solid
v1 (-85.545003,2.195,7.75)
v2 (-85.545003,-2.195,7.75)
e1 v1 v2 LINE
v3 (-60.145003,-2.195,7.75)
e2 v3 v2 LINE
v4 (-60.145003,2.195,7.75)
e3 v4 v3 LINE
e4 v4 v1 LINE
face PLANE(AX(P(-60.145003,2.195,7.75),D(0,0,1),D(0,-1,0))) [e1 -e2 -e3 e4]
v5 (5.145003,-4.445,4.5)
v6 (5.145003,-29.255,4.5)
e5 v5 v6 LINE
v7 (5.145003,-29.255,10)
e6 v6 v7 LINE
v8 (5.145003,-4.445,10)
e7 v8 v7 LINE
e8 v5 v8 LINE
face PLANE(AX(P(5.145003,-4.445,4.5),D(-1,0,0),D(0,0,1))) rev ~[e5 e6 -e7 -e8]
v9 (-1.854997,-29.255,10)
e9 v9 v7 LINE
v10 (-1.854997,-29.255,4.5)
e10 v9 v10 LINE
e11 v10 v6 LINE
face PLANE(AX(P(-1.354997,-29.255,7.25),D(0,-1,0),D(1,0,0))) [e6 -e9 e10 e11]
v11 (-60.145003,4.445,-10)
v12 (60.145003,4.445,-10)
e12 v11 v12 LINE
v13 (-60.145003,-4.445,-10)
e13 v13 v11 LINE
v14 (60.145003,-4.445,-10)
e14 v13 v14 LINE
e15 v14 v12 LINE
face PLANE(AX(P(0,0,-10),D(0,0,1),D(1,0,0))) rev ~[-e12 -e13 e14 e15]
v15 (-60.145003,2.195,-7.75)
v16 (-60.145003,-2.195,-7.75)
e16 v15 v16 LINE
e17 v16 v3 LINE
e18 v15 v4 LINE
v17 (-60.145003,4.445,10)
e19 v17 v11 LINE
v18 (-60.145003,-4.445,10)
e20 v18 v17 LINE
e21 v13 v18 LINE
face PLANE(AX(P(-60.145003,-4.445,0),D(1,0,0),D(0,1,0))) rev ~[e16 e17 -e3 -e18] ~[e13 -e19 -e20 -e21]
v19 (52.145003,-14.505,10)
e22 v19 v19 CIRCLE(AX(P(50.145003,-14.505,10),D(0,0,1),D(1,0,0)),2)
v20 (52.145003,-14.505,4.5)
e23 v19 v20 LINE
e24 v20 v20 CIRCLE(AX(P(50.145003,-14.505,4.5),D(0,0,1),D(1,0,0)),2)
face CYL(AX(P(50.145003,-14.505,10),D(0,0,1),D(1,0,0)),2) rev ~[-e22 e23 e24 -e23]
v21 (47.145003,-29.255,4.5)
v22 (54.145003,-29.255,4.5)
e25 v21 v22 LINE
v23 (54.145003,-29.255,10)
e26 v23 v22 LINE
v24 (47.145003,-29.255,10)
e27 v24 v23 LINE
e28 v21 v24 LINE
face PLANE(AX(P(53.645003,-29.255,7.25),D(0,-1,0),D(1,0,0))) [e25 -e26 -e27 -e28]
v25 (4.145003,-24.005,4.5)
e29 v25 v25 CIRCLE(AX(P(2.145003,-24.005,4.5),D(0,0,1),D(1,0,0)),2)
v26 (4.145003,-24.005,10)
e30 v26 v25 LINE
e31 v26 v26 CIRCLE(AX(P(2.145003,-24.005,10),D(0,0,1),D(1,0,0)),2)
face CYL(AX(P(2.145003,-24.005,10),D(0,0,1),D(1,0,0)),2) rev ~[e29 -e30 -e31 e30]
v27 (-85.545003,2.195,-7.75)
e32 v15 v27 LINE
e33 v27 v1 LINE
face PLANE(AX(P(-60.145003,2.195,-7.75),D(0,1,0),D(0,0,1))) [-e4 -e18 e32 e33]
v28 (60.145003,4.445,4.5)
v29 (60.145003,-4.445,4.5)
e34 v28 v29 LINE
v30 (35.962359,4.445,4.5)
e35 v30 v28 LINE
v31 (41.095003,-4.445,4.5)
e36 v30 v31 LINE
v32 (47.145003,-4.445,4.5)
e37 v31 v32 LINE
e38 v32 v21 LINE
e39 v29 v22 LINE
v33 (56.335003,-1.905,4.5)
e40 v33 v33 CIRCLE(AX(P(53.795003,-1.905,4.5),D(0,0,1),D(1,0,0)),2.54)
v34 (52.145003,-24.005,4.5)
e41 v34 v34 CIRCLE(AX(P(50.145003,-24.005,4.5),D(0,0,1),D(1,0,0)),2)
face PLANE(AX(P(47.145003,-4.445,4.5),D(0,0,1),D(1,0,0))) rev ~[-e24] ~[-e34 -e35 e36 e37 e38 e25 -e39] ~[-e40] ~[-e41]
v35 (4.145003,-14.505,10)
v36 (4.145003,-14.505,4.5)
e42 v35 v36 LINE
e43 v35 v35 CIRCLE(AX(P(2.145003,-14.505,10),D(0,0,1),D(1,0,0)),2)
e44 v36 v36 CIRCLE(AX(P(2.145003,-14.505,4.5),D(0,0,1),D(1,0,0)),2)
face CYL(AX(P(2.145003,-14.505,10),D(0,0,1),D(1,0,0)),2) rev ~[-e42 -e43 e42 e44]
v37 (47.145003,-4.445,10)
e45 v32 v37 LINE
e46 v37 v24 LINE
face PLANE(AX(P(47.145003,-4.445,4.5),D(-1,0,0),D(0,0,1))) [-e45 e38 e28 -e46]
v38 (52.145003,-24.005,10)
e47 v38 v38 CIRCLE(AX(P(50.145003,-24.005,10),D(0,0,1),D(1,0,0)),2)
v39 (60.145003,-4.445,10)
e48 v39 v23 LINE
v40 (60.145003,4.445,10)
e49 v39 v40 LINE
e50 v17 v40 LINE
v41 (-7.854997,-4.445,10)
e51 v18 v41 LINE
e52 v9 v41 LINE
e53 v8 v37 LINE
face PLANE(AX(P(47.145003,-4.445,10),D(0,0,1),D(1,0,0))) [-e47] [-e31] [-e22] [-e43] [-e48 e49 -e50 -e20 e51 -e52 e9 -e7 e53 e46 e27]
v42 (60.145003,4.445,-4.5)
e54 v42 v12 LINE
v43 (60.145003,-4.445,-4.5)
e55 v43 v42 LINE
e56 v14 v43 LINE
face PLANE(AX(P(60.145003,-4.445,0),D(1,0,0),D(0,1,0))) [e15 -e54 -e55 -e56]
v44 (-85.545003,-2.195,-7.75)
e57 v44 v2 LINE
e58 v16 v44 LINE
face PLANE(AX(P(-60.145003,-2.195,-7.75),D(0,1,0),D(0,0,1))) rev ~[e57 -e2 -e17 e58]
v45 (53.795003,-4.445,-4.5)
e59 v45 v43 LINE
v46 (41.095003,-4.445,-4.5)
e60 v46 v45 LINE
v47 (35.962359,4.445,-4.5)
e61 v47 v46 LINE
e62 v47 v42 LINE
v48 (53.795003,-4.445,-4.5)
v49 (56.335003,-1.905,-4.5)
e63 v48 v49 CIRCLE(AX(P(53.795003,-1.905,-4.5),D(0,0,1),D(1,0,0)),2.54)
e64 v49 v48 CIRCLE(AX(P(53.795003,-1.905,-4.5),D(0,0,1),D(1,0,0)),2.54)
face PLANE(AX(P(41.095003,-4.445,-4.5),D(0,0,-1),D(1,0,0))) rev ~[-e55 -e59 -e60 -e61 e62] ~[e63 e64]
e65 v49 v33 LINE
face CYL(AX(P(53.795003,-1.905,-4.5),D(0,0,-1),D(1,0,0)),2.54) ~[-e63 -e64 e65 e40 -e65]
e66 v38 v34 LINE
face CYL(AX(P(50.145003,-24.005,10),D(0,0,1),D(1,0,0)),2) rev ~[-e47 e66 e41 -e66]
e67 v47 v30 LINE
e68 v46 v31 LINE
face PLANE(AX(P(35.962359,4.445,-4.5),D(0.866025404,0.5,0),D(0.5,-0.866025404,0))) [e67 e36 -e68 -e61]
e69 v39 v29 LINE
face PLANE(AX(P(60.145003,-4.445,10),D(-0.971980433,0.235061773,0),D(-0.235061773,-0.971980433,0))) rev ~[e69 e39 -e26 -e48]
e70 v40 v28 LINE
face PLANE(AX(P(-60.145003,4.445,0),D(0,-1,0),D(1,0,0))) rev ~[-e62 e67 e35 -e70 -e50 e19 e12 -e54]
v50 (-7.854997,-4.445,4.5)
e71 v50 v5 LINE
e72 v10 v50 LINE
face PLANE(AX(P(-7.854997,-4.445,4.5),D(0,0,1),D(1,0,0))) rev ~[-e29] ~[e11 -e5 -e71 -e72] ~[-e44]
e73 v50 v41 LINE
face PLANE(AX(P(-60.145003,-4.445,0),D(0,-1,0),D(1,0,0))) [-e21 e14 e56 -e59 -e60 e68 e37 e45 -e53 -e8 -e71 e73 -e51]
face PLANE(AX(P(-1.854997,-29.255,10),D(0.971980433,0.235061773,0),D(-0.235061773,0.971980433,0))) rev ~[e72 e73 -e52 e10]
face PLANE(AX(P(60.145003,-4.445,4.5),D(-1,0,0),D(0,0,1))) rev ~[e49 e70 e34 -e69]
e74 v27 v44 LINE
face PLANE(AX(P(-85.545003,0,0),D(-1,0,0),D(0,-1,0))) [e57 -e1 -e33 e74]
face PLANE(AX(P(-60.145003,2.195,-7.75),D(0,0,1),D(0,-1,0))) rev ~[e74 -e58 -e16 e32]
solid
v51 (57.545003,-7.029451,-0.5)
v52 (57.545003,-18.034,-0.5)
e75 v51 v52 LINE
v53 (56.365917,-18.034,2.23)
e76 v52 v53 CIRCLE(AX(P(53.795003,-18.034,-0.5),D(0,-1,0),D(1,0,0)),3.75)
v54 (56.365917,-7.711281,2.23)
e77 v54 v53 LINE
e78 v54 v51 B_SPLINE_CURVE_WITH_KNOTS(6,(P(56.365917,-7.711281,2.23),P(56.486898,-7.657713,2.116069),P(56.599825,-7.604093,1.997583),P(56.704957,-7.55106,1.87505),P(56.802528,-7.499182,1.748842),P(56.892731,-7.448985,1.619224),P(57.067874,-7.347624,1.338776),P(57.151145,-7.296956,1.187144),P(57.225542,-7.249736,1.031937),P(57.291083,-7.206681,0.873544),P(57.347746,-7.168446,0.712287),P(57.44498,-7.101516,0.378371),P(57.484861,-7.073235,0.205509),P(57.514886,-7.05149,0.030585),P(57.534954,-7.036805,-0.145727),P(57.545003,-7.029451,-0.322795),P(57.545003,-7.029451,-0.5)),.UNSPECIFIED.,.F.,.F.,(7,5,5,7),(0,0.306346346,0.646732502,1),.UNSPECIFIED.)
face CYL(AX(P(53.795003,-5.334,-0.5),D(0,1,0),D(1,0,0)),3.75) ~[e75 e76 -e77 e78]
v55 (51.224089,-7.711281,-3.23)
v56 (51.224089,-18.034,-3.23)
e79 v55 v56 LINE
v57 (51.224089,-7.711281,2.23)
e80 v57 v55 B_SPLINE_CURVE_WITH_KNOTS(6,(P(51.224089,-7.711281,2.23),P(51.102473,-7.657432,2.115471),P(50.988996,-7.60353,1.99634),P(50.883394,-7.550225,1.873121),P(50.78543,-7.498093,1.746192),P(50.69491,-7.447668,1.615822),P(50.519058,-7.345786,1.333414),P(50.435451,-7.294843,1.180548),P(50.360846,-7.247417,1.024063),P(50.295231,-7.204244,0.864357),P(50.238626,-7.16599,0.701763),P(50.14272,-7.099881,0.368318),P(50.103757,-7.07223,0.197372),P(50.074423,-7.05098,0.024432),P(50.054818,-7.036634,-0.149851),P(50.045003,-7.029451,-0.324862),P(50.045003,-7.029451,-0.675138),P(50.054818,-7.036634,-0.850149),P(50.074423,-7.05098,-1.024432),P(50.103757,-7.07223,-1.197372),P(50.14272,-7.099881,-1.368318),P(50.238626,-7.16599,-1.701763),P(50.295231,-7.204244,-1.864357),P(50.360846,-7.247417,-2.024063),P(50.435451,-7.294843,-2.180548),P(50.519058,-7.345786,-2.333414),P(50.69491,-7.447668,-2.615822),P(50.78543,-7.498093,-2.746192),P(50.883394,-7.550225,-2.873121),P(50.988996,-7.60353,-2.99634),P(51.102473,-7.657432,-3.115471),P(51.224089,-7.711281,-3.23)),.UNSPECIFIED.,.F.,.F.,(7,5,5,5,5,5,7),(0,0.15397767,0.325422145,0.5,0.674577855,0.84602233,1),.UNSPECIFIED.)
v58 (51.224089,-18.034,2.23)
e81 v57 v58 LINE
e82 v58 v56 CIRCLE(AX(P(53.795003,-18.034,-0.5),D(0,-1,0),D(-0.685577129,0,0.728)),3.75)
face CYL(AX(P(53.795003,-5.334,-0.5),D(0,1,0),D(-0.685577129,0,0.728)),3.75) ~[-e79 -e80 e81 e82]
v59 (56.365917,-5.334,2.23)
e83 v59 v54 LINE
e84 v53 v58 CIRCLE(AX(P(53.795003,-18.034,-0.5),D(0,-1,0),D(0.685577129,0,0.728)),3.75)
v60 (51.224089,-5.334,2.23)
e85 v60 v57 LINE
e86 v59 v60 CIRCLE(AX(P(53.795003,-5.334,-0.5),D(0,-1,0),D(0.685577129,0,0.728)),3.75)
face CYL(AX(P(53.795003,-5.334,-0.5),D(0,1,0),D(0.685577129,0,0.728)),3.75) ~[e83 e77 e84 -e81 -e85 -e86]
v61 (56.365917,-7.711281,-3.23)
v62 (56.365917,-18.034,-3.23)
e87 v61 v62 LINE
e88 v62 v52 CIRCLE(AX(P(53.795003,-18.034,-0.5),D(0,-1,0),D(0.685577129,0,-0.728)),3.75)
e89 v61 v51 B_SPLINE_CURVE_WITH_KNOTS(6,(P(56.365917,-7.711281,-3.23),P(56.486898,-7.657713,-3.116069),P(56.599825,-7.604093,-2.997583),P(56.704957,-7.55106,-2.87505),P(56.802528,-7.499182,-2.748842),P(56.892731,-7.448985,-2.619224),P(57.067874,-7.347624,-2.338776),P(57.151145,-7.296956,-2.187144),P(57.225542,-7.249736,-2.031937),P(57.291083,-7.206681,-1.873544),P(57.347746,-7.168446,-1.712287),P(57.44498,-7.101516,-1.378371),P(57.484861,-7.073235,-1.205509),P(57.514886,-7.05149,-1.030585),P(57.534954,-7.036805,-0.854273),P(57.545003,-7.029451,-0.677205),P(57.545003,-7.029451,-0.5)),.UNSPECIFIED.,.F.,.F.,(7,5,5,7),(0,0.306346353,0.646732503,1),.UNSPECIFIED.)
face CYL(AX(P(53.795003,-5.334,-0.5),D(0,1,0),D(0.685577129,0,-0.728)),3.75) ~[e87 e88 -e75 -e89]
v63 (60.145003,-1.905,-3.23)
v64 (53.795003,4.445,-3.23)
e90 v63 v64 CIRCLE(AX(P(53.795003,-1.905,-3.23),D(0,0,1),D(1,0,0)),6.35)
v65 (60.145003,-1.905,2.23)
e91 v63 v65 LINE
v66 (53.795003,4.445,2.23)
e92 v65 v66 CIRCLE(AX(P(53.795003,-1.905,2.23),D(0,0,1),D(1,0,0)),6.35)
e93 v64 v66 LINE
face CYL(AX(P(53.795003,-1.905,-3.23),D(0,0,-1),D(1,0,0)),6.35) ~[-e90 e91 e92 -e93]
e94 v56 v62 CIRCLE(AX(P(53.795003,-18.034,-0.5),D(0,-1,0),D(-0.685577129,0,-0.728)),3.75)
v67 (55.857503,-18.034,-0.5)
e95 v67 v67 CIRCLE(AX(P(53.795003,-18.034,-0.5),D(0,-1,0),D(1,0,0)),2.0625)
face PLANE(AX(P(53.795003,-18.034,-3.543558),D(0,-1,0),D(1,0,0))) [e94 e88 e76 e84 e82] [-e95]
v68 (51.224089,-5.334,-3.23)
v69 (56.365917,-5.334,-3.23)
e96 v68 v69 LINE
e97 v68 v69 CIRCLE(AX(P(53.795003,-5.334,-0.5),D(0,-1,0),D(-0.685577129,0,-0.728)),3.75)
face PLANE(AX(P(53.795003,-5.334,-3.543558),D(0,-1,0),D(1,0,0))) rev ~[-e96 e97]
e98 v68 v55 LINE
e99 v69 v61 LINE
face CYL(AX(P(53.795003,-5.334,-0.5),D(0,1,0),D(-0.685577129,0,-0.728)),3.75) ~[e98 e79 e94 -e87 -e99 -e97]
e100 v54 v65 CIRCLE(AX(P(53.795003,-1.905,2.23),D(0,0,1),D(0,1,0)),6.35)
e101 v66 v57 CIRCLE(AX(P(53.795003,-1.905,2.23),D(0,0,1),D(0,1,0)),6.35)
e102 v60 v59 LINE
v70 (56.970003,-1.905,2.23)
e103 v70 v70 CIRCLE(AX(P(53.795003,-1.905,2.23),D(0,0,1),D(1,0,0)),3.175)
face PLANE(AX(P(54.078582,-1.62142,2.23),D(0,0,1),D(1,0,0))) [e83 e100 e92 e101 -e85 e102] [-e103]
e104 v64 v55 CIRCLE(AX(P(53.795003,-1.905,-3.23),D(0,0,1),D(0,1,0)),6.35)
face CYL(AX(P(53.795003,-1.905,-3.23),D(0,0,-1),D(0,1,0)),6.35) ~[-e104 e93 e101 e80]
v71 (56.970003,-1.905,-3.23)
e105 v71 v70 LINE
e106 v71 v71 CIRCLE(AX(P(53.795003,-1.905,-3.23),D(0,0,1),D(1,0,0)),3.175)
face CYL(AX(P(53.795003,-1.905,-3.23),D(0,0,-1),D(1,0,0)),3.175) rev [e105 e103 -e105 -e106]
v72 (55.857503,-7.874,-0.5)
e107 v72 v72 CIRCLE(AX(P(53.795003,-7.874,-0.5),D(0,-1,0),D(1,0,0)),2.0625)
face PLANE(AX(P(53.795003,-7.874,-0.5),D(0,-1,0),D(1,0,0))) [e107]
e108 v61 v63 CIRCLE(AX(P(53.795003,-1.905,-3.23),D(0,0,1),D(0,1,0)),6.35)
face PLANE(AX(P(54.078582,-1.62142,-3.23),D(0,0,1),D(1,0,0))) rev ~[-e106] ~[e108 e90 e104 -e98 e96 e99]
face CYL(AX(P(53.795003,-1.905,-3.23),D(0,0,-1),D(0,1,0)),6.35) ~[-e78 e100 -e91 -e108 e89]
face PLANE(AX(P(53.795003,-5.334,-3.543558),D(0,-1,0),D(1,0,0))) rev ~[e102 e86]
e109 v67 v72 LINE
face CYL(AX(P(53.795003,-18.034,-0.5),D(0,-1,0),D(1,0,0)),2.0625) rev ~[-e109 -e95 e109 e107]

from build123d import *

# Parameters (mm, degrees)
F0_W      = 120.2900058
F0_H      = 8.89
F1_DEPTH  = 10
F2_W      = 4.39
F2_H      = 15.5
F3_DEPTH  = 25.4
F4_W      = 19.05
F4_H      = 9
F5_DEPTH  = 8.891
F6_R      = 2.54
F7_DEPTH  = 9
F9_R      = 3.175
F10_DEPTH = 5.46
F13_DEPTH = 12.7
F14_R     = 2.0625
F15_DEPTH = 10.16
F16_W     = 13
F16_H     = 5.5
F17_DEPTH = 24.81
F19_DEPTH = 6
F20_R     = 2
F21_DEPTH = 6
F23_DEPTH = 9


with BuildPart() as f1:
    # F0 (on Top) → F1 (new body, symmetric)
    with BuildSketch(Plane.XY):
        Rectangle(F0_W, F0_H)
    extrude(amount=F1_DEPTH, both=True)

    # F2 (on face) → F3 (join)
    with BuildSketch(Plane(origin=(-60.1450029, 0, 0), x_dir=(0, -1, 0), z_dir=(-1, 0, 0))):
        Rectangle(F2_W, F2_H)
    extrude(amount=F3_DEPTH)

    # F4 (on face) → F5 (cut, through all)
    with BuildSketch(Plane.XZ.offset(4.445)):
        with Locations((50.6200029, 0)):
            Rectangle(F4_W, F4_H)
    extrude(amount=-F5_DEPTH, mode=Mode.SUBTRACT)

    # F6 (on face) → F7 (join, through all)
    with BuildSketch(Plane.XY.offset(-4.5)):
        with Locations((53.7950029, -1.905)):
            Circle(F6_R)
    extrude(amount=F7_DEPTH)

    # F16 (on face) → F17 (join)
    with BuildSketch(Plane.XZ.offset(4.445)):
        with Locations((-1.3549971, 7.25)):
            Rectangle(F16_W, F16_H)
        with Locations((53.6450029, 7.25)):
            Rectangle(F16_W, F16_H)
    extrude(amount=F17_DEPTH)

    # F18 (on face) → F19 (cut)
    with BuildSketch(Plane.XY.offset(10)):
        Polygon((-1.8549971, -29.255), (-7.8549971, -4.445), (-7.8549971, -29.255), align=None)
        Polygon((60.1450029, -29.255), (60.1450029, -4.445), (54.1450029, -29.255), align=None)
    extrude(amount=-F19_DEPTH, mode=Mode.SUBTRACT)

    # F20 (on face) → F21 (cut)
    with BuildSketch(Plane.XY.offset(10)):
        with Locations((50.1450029, -24.005)):
            Circle(F20_R)
        with Locations((50.1450029, -14.505)):
            Circle(F20_R)
        with Locations((2.1450029, -24.005)):
            Circle(F20_R)
        with Locations((2.1450029, -14.505)):
            Circle(F20_R)
    extrude(amount=-F21_DEPTH, mode=Mode.SUBTRACT)

    # F22 (on face) → F23 (cut)
    with BuildSketch(Plane.XY.offset(-4.5)):
        Polygon((35.9623590069, 4.445), (41.0950029, -4.445), (41.0950029, 4.445), align=None)
    extrude(amount=F23_DEPTH, mode=Mode.SUBTRACT)


with BuildPart() as f10:
    # F9 (on offset) → F10 (new body)
    with BuildSketch(Plane.XY.offset(-3.23)):
        with BuildLine():
            ThreePointArc((53.7950029, 4.445), (49.3048748395, -6.3951280605), (60.1450029, -1.905))
            ThreePointArc((60.1450029, -1.905), (58.2851309605, 2.5851280605), (53.7950029, 4.445))
        make_face()
        with Locations((53.7950029, -1.905)):
            Circle(F9_R, mode=Mode.SUBTRACT)
    extrude(amount=F10_DEPTH)

    # F12 (on offset) → F13 (join)
    with BuildSketch(Plane.XZ.offset(5.334)):
        with BuildLine():
            ThreePointArc((51.2240886657, -3.23), (53.7950029, -4.25), (56.3659171343, -3.23))
            Line((56.3659171343, -3.23), (51.2240886657, -3.23))
        make_face()
        with BuildLine():
            Line((51.2240886657, -3.23), (56.3659171343, -3.23))
            ThreePointArc((56.3659171343, -3.23), (57.2376347696, -1.986871148), (57.5450029, -0.5))
            ThreePointArc((57.5450029, -0.5), (57.2376347696, 0.986871148), (56.3659171343, 2.23))
            Line((56.3659171343, 2.23), (51.2240886657, 2.23))
            ThreePointArc((51.2240886657, 2.23), (50.0450029, -0.5), (51.2240886657, -3.23))
        make_face()
        with BuildLine():
            ThreePointArc((56.3659171343, 2.23), (53.7950029, 3.25), (51.2240886657, 2.23))
            Line((51.2240886657, 2.23), (56.3659171343, 2.23))
        make_face()
    extrude(amount=F13_DEPTH)

    # F14 (on face) → F15 (cut)
    with BuildSketch(Plane.XZ.offset(18.034)):
        with Locations((53.7950029, -0.5)):
            Circle(F14_R)
    extrude(amount=-F15_DEPTH, mode=Mode.SUBTRACT)


solid = Compound([f1.part, f10.part])
